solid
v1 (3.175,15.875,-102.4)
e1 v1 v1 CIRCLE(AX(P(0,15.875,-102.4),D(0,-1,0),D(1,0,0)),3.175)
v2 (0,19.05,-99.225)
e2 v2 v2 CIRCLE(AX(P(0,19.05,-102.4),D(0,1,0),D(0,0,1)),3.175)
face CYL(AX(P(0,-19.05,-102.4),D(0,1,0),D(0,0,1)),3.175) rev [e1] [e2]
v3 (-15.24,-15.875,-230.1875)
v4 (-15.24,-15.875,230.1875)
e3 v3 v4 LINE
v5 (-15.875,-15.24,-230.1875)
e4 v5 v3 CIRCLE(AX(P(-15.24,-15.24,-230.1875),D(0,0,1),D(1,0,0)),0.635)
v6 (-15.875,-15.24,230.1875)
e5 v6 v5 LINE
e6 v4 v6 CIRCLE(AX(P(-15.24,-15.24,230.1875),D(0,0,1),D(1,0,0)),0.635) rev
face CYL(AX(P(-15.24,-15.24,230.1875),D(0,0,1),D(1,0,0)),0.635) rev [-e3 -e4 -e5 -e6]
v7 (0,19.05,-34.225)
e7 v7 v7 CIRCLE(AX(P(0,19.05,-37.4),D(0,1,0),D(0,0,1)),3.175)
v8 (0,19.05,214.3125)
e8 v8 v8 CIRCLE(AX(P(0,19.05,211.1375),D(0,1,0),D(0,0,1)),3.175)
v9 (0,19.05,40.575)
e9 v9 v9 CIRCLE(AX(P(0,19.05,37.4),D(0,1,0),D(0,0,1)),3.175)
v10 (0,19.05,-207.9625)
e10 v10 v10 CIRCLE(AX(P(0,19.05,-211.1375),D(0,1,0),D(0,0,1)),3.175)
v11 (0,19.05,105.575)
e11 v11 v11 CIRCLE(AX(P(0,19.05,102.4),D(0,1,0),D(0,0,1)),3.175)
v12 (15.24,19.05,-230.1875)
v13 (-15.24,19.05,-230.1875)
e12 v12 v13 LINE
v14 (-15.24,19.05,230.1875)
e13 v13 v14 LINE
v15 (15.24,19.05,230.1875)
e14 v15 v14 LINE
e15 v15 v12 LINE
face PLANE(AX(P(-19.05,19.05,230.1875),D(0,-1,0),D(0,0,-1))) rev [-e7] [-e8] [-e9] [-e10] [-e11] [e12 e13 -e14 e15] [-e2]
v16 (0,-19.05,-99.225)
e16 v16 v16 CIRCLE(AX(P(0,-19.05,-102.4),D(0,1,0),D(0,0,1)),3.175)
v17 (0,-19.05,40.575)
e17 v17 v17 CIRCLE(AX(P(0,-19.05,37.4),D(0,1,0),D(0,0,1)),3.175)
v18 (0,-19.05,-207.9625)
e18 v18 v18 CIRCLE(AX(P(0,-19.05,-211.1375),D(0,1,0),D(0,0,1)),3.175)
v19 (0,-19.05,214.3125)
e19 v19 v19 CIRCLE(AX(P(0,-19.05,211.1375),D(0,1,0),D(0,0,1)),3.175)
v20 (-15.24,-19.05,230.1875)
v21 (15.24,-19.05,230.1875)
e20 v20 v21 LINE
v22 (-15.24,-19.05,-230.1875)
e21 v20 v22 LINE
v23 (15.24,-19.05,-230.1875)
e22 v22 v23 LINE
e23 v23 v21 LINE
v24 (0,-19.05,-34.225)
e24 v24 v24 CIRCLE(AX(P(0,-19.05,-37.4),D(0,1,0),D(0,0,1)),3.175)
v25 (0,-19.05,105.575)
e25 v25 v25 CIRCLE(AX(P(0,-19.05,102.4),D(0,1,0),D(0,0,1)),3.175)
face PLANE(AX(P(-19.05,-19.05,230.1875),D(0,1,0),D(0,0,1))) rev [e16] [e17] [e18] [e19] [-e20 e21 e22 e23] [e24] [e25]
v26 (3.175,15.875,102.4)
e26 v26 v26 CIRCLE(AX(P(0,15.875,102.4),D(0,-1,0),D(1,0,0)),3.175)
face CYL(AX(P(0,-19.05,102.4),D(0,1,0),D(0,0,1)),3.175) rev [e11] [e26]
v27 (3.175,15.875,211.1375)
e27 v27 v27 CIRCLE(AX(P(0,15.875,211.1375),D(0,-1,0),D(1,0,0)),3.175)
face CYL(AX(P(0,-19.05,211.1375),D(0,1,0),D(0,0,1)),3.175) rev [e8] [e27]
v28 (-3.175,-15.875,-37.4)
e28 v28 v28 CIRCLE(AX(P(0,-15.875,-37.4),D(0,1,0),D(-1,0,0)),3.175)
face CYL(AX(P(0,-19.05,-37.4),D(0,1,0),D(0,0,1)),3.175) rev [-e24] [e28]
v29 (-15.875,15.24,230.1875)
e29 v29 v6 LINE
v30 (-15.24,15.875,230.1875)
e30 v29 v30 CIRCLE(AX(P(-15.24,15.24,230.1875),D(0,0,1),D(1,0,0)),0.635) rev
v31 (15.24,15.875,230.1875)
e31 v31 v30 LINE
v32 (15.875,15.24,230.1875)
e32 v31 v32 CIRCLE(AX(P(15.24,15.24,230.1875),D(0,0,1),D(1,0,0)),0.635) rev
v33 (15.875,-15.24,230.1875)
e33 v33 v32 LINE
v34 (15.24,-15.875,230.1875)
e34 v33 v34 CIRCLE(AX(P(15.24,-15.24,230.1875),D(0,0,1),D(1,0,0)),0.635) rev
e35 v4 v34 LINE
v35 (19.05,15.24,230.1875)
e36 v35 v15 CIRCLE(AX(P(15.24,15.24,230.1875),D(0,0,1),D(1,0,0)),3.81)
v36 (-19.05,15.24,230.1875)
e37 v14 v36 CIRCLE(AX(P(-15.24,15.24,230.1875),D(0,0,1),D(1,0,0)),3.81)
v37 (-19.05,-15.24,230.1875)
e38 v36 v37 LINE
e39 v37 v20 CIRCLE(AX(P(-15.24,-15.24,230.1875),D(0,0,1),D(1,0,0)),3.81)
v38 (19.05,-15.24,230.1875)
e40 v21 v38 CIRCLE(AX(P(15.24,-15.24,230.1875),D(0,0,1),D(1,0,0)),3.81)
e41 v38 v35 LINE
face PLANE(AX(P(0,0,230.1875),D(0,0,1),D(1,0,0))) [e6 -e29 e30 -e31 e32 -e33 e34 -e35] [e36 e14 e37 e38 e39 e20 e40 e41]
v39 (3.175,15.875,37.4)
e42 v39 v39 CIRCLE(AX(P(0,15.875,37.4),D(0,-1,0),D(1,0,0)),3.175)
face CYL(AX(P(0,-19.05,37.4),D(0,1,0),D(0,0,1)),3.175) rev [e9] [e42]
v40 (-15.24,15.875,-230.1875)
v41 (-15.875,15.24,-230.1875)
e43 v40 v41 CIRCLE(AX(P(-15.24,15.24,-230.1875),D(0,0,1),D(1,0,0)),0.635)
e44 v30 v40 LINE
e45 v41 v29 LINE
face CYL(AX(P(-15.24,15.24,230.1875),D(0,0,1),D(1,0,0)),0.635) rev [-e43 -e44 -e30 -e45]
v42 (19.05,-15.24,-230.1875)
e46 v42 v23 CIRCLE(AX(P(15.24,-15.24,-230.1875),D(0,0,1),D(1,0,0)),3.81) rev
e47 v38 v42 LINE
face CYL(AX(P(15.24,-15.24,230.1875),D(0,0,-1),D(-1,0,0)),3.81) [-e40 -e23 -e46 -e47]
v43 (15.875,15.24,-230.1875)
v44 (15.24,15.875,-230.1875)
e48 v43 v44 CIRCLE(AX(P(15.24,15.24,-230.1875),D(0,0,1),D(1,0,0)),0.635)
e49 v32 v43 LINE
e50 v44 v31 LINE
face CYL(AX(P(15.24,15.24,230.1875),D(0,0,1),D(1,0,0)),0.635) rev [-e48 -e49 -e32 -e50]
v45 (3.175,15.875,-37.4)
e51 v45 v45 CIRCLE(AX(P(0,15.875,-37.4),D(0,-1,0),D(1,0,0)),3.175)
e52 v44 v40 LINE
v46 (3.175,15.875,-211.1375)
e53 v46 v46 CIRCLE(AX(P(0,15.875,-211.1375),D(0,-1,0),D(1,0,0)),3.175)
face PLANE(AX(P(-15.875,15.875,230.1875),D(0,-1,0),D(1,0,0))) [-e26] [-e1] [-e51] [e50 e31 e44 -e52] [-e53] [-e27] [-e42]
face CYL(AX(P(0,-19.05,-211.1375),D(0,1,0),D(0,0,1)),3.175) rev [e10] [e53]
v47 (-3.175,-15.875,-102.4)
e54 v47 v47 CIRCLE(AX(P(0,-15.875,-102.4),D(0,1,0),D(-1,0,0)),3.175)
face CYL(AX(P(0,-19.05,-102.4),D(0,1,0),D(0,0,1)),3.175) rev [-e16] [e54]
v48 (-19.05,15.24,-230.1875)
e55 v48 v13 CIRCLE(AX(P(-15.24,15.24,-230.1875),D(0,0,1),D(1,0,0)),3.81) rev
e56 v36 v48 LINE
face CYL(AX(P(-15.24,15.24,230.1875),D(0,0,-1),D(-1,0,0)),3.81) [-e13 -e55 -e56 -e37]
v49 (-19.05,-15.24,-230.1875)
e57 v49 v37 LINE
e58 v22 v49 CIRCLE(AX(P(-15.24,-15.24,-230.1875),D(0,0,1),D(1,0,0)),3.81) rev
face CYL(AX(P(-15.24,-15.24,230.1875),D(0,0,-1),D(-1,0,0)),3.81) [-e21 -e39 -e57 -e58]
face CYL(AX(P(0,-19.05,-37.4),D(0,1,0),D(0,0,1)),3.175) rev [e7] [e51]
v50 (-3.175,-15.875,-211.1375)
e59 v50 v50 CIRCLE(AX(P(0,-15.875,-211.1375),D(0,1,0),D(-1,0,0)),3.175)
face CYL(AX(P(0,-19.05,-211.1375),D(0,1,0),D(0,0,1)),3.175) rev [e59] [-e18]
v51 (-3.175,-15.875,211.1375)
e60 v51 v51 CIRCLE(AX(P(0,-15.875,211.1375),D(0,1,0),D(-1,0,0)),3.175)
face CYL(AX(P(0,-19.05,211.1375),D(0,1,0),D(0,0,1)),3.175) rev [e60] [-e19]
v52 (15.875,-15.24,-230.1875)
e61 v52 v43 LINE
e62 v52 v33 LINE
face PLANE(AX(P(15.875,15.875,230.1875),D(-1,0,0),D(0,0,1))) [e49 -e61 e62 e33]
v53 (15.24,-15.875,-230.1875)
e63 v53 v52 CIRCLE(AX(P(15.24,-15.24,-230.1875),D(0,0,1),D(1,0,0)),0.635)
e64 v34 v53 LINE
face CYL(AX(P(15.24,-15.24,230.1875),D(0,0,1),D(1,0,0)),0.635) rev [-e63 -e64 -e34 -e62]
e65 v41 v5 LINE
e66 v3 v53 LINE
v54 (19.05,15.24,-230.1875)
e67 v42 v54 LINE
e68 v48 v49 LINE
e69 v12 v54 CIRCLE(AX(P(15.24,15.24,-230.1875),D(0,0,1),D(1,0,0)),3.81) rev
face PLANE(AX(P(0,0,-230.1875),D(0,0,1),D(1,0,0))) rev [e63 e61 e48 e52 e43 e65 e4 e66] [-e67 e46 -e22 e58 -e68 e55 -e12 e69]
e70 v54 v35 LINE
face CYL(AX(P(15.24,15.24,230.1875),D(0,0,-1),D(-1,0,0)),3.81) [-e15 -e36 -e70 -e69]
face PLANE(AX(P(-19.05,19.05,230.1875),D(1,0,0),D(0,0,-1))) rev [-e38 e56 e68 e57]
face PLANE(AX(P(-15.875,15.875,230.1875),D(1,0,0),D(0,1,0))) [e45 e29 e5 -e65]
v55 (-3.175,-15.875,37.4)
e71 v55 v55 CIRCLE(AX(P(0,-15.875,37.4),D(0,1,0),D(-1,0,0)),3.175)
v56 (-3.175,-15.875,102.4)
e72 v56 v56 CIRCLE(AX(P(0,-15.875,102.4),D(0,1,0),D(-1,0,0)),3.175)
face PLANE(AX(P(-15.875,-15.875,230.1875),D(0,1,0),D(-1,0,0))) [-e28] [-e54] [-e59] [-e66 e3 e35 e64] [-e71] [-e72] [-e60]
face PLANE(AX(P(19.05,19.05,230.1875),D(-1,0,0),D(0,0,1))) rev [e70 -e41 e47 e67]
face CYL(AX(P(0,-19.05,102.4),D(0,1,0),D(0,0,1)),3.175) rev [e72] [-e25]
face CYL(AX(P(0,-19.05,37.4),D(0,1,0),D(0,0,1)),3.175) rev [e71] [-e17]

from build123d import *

# Parameters (mm, degrees)
SKETCH1_W               = 38.1
SKETCH1_H               = 38.1
SKETCH1_W_2             = 31.75
SKETCH1_H_2             = 31.75
BOSS_EXTRUDE1_DEPTH     = 230.1875
FILLET1_R               = 3.81
FILLET2_R               = 0.635
SKETCH2_R               = 3.175
CUT_EXTRUDE1_DEPTH      = 20.05
CUT_EXTRUDE1_DEPTH_BACK = 20.05


with BuildPart() as part:
    # Sketch1 → Boss-Extrude1 (new body, symmetric)
    with BuildSketch(Plane.XY):
        Rectangle(SKETCH1_W, SKETCH1_H)
        Rectangle(SKETCH1_W_2, SKETCH1_H_2, mode=Mode.SUBTRACT)
    extrude(amount=BOSS_EXTRUDE1_DEPTH, both=True)

    # Fillet1
    fillet1_edges = [part.edges().sort_by_distance(p)[0] for p in [
        (19.05, -19.05, 0),
        (-19.05, -19.05, 0),
        (-19.05, 19.05, 0),
        (19.05, 19.05, 0),
    ]]
    fillet(fillet1_edges, radius=FILLET1_R)

    # Fillet2
    fillet2_edges = [part.edges().sort_by_distance(p)[0] for p in [
        (15.875, 15.875, 0),
        (-15.875, 15.875, 0),
        (-15.875, -15.875, 0),
        (15.875, -15.875, 0),
    ]]
    fillet(fillet2_edges, radius=FILLET2_R)

    # Sketch2 → Cut-Extrude1 (cut, two sides)
    with BuildSketch(Plane(origin=(0, 0, 0), x_dir=(1, 0, 0), z_dir=(0, 1, 0))) as cut_extrude1_sk:
        with Locations((0, -211.1375)):
            Circle(SKETCH2_R)
        with Locations((0, -102.4)):
            Circle(SKETCH2_R)
        with Locations((0, -37.4)):
            Circle(SKETCH2_R)
        with Locations((0, 37.4)):
            Circle(SKETCH2_R)
        with Locations((0, 102.4)):
            Circle(SKETCH2_R)
        with Locations((0, 211.1375)):
            Circle(SKETCH2_R)
    extrude(amount=CUT_EXTRUDE1_DEPTH, mode=Mode.SUBTRACT)
    extrude(cut_extrude1_sk.sketch, amount=-CUT_EXTRUDE1_DEPTH_BACK, mode=Mode.SUBTRACT)


solid = part.part
